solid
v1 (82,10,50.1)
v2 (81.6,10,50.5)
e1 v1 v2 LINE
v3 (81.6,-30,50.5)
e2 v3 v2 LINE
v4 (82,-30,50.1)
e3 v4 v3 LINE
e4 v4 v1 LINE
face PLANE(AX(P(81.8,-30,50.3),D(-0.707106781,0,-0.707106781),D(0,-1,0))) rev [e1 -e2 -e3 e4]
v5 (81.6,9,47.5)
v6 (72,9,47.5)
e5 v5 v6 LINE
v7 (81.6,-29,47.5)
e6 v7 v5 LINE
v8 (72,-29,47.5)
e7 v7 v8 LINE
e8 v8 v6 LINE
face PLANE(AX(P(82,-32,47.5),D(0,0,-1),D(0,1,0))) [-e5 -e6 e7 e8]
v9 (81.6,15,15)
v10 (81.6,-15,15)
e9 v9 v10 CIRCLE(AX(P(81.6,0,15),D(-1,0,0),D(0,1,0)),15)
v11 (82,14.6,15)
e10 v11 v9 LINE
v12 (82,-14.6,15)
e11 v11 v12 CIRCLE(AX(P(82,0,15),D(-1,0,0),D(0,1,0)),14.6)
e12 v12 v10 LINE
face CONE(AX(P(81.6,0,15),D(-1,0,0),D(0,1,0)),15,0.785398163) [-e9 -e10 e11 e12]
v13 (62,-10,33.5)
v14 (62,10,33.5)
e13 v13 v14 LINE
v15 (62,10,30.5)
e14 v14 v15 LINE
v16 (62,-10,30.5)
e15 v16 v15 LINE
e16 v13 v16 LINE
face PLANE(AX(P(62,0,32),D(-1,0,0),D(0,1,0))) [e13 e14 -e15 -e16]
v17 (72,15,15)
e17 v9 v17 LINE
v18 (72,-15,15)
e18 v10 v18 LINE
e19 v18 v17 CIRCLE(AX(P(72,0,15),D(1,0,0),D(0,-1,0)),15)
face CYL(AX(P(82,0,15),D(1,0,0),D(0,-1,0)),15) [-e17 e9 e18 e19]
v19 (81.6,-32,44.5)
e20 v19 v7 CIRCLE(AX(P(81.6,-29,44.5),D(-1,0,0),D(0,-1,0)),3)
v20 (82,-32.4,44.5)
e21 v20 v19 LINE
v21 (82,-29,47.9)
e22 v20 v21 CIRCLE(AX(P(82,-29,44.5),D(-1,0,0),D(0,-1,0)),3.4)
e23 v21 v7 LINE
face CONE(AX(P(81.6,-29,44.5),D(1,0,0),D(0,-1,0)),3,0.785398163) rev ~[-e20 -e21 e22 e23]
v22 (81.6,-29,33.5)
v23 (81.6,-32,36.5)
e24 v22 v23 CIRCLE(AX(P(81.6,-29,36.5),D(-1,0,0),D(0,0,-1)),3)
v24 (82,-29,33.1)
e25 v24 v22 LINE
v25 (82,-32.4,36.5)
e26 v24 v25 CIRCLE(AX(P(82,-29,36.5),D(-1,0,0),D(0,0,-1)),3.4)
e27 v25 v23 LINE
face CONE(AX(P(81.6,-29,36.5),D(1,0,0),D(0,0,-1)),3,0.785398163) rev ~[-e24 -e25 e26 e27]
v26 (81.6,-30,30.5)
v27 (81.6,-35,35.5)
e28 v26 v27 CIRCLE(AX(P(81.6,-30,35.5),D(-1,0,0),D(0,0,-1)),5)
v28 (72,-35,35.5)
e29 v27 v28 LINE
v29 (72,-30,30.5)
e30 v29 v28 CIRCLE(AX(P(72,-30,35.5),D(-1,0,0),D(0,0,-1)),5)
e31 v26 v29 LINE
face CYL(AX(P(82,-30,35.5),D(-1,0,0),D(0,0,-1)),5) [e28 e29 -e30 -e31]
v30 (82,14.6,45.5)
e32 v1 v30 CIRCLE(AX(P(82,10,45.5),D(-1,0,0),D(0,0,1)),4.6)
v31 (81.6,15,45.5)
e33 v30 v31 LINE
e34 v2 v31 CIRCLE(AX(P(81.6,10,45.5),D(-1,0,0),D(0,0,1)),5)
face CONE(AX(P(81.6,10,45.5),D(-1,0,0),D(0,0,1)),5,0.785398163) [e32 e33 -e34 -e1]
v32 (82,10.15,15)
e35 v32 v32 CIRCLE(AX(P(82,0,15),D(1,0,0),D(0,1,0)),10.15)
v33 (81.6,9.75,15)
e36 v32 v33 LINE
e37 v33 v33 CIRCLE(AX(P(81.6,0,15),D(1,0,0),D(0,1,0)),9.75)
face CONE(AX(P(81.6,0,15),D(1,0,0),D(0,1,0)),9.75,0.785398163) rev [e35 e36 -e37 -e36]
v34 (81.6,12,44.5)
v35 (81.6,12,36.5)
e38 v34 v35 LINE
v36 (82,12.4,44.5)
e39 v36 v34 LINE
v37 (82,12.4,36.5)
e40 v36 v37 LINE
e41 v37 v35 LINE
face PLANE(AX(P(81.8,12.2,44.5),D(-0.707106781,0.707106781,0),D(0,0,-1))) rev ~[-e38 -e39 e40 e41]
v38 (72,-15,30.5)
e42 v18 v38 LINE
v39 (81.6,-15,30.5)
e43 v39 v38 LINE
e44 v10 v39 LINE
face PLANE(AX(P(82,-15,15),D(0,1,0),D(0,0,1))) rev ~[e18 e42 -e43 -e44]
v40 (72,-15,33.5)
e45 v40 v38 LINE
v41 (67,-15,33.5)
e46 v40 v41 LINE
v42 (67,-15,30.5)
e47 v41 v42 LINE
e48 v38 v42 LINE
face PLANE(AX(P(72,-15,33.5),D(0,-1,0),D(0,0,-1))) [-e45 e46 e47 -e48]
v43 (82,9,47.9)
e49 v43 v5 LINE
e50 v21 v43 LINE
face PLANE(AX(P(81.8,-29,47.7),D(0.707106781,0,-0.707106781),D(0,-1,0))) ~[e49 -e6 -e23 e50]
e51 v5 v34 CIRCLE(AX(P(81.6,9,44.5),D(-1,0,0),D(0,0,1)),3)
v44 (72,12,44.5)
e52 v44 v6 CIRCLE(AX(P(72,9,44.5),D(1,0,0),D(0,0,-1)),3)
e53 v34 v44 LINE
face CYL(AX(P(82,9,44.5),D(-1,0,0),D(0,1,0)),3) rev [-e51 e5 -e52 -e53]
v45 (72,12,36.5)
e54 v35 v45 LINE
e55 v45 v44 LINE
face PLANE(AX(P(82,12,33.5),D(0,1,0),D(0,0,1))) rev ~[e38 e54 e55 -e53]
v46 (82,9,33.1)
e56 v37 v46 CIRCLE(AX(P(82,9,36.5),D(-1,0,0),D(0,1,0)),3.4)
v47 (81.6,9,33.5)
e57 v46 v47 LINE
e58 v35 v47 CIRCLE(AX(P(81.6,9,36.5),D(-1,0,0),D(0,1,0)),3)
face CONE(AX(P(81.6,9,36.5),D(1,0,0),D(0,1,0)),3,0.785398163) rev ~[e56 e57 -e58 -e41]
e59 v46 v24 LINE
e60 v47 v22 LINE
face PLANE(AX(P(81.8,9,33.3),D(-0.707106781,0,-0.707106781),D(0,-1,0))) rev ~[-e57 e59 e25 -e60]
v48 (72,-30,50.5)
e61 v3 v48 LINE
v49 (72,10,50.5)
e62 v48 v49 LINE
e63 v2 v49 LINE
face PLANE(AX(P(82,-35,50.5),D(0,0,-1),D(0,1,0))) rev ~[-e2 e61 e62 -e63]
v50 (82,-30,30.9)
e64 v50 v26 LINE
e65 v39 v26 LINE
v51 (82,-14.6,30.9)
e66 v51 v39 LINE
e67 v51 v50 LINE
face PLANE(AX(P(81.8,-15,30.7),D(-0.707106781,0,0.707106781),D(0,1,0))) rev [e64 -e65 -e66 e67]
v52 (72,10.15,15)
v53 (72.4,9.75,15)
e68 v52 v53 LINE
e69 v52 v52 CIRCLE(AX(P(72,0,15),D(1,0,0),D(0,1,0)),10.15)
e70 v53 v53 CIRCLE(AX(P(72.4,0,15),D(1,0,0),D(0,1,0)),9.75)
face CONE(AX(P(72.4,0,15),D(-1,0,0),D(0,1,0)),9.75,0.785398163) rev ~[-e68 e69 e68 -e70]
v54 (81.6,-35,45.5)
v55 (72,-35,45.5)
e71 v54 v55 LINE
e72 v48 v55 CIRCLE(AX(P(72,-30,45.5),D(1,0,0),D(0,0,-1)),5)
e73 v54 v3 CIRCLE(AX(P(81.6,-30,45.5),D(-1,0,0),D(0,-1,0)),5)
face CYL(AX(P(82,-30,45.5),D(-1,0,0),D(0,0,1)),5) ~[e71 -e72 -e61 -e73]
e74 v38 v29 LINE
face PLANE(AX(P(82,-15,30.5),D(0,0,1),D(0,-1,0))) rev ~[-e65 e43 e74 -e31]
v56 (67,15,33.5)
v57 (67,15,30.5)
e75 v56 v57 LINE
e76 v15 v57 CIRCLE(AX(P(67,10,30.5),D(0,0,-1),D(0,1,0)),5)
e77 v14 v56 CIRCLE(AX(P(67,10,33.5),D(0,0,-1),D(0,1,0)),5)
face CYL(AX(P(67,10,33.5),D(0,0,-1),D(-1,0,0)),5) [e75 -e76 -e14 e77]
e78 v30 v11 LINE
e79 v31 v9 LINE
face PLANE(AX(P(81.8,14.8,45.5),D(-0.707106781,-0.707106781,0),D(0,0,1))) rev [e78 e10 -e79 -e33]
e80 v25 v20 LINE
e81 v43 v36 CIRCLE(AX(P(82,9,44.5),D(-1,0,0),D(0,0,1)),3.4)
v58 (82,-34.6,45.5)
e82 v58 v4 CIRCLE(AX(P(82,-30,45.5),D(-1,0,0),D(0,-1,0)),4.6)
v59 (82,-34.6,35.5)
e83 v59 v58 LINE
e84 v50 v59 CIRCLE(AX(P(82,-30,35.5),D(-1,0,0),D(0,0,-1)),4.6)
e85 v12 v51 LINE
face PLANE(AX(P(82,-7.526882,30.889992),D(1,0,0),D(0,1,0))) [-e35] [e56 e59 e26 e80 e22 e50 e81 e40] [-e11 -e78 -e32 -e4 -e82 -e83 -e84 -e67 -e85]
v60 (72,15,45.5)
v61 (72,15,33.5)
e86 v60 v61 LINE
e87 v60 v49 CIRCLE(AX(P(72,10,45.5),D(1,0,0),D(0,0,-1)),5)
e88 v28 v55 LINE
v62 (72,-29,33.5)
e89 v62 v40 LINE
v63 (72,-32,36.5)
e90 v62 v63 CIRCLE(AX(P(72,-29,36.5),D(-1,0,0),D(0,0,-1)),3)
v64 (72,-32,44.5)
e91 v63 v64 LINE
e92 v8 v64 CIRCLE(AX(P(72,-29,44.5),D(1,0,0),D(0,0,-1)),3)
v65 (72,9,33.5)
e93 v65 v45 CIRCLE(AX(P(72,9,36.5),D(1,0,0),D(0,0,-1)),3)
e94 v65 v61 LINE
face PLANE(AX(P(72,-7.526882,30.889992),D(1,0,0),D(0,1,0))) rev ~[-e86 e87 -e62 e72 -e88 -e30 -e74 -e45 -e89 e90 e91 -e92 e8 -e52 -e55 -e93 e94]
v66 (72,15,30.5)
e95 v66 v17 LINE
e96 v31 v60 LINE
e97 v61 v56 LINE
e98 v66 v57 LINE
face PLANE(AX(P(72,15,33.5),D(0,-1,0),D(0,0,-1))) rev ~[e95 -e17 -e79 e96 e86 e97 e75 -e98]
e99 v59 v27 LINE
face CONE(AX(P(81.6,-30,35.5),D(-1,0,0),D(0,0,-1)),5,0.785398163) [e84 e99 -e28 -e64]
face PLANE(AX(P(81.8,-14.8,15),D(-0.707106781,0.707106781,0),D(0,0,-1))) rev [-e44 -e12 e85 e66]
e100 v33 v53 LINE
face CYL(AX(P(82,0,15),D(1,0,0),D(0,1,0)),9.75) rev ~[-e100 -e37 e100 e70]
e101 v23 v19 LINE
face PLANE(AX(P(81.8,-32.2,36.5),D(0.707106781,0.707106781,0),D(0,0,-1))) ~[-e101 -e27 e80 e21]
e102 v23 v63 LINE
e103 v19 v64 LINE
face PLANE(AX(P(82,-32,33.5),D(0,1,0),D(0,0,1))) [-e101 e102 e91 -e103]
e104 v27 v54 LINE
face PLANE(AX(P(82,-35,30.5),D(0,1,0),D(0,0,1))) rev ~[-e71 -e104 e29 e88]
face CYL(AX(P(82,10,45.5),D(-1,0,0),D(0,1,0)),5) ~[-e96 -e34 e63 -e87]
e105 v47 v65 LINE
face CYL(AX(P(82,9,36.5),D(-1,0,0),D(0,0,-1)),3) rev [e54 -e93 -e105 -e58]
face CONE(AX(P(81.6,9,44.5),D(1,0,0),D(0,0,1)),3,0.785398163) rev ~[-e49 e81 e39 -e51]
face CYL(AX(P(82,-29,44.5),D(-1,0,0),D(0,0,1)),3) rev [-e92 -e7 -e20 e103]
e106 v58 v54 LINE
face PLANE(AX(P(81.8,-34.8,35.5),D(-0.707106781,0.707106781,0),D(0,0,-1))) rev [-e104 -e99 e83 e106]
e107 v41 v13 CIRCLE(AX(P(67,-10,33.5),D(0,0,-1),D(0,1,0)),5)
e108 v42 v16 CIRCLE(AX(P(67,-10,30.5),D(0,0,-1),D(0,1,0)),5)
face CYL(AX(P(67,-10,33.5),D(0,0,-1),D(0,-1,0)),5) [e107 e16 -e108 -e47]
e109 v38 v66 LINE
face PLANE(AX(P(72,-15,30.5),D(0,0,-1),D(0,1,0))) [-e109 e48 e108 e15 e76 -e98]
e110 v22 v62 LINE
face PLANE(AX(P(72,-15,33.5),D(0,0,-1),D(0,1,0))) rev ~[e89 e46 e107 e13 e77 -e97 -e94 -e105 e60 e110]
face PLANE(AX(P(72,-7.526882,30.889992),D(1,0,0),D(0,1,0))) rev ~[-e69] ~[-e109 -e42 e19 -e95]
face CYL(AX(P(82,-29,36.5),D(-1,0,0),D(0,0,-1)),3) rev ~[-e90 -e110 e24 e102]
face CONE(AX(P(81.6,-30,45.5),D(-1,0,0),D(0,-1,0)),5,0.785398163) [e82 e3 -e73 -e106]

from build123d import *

# Parameters (mm, degrees)
SKETCH008_R     = 9.75
SKETCH008_W     = 44
SKETCH008_H     = 14
PAD003_DEPTH    = 10
FILLET_R        = 3
FILLET001_R     = 5
SKETCH009_W     = 30
SKETCH009_H     = 3
PAD004_DEPTH    = 10
FILLET002_R     = 5
CHAMFER001_SIZE = 0.4


with BuildPart() as part:
    # Sketch008 → Pad003 (new body)
    with BuildSketch(Plane.YZ):
        with BuildLine():
            ThreePointArc((-15, 15), (0, 0), (15, 15))
            Line((15, 50.5), (15, 15))
            Line((-35, 50.5), (15, 50.5))
            Line((-35, 30.5), (-35, 50.5))
            Line((-15, 30.5), (-35, 30.5))
            Line((-15, 15), (-15, 30.5))
        make_face()
        with Locations((0, 15)):
            Circle(SKETCH008_R, mode=Mode.SUBTRACT)
        with Locations((-10, 40.5)):
            Rectangle(SKETCH008_W, SKETCH008_H, mode=Mode.SUBTRACT)
    extrude(amount=-PAD003_DEPTH)

    # Fillet
    fillet_edges = [part.edges().sort_by_distance(p)[0] for p in [
        (-5, -32, 47.5),
        (-5, 12, 47.5),
        (-5, 12, 33.5),
        (-5, -32, 33.5),
    ]]
    fillet(fillet_edges, radius=FILLET_R)

    # Fillet001
    fillet001_edges = [part.edges().sort_by_distance(p)[0] for p in [
        (-5, 15, 50.5),
        (-5, -35, 50.5),
        (-5, -35, 30.5),
    ]]
    fillet(fillet001_edges, radius=FILLET001_R)

    # Sketch009 (on Face20 of Fillet001) → Pad004 (join)
    with BuildSketch(Plane(origin=(-10, 0, 0), x_dir=(0, 1, 0), z_dir=(-1, 0, 0))):
        with Locations((0, -32)):
            Rectangle(SKETCH009_W, SKETCH009_H)
    extrude(amount=PAD004_DEPTH)

    # Fillet002
    fillet002_edges = [part.edges().sort_by_distance(p)[0] for p in [
        (-20, 15, 32),
        (-20, -15, 32),
    ]]
    fillet(fillet002_edges, radius=FILLET002_R)

    # Chamfer001
    chamfer001_edges = [part.edges().sort_by_distance(p)[0] for p in [
        (0, 15, 30.25),
        (0, 13.535534, 49.035534),
        (0, 0, 0),
        (0, -10, 50.5),
        (0, -15, 22.75),
        (0, -33.535534, 49.035534),
        (0, -22.5, 30.5),
        (0, -35, 40.5),
        (0, -33.535534, 31.964466),
        (0, -10, 47.5),
        (0, -31.12132, 46.62132),
        (0, 11.12132, 46.62132),
        (0, -32, 40.5),
        (0, 12, 40.5),
        (0, -31.12132, 34.37868),
        (0, 11.12132, 34.37868),
        (0, -10, 33.5),
        (0, -9.75, 15),
        (-10, -9.75, 15),
    ]]
    chamfer(chamfer001_edges, length=CHAMFER001_SIZE)


with BuildPart() as part_1:
    # Body001 placement: moved
    add(part.part.moved(Location((82, 0, 0))))


solid = part_1.part
